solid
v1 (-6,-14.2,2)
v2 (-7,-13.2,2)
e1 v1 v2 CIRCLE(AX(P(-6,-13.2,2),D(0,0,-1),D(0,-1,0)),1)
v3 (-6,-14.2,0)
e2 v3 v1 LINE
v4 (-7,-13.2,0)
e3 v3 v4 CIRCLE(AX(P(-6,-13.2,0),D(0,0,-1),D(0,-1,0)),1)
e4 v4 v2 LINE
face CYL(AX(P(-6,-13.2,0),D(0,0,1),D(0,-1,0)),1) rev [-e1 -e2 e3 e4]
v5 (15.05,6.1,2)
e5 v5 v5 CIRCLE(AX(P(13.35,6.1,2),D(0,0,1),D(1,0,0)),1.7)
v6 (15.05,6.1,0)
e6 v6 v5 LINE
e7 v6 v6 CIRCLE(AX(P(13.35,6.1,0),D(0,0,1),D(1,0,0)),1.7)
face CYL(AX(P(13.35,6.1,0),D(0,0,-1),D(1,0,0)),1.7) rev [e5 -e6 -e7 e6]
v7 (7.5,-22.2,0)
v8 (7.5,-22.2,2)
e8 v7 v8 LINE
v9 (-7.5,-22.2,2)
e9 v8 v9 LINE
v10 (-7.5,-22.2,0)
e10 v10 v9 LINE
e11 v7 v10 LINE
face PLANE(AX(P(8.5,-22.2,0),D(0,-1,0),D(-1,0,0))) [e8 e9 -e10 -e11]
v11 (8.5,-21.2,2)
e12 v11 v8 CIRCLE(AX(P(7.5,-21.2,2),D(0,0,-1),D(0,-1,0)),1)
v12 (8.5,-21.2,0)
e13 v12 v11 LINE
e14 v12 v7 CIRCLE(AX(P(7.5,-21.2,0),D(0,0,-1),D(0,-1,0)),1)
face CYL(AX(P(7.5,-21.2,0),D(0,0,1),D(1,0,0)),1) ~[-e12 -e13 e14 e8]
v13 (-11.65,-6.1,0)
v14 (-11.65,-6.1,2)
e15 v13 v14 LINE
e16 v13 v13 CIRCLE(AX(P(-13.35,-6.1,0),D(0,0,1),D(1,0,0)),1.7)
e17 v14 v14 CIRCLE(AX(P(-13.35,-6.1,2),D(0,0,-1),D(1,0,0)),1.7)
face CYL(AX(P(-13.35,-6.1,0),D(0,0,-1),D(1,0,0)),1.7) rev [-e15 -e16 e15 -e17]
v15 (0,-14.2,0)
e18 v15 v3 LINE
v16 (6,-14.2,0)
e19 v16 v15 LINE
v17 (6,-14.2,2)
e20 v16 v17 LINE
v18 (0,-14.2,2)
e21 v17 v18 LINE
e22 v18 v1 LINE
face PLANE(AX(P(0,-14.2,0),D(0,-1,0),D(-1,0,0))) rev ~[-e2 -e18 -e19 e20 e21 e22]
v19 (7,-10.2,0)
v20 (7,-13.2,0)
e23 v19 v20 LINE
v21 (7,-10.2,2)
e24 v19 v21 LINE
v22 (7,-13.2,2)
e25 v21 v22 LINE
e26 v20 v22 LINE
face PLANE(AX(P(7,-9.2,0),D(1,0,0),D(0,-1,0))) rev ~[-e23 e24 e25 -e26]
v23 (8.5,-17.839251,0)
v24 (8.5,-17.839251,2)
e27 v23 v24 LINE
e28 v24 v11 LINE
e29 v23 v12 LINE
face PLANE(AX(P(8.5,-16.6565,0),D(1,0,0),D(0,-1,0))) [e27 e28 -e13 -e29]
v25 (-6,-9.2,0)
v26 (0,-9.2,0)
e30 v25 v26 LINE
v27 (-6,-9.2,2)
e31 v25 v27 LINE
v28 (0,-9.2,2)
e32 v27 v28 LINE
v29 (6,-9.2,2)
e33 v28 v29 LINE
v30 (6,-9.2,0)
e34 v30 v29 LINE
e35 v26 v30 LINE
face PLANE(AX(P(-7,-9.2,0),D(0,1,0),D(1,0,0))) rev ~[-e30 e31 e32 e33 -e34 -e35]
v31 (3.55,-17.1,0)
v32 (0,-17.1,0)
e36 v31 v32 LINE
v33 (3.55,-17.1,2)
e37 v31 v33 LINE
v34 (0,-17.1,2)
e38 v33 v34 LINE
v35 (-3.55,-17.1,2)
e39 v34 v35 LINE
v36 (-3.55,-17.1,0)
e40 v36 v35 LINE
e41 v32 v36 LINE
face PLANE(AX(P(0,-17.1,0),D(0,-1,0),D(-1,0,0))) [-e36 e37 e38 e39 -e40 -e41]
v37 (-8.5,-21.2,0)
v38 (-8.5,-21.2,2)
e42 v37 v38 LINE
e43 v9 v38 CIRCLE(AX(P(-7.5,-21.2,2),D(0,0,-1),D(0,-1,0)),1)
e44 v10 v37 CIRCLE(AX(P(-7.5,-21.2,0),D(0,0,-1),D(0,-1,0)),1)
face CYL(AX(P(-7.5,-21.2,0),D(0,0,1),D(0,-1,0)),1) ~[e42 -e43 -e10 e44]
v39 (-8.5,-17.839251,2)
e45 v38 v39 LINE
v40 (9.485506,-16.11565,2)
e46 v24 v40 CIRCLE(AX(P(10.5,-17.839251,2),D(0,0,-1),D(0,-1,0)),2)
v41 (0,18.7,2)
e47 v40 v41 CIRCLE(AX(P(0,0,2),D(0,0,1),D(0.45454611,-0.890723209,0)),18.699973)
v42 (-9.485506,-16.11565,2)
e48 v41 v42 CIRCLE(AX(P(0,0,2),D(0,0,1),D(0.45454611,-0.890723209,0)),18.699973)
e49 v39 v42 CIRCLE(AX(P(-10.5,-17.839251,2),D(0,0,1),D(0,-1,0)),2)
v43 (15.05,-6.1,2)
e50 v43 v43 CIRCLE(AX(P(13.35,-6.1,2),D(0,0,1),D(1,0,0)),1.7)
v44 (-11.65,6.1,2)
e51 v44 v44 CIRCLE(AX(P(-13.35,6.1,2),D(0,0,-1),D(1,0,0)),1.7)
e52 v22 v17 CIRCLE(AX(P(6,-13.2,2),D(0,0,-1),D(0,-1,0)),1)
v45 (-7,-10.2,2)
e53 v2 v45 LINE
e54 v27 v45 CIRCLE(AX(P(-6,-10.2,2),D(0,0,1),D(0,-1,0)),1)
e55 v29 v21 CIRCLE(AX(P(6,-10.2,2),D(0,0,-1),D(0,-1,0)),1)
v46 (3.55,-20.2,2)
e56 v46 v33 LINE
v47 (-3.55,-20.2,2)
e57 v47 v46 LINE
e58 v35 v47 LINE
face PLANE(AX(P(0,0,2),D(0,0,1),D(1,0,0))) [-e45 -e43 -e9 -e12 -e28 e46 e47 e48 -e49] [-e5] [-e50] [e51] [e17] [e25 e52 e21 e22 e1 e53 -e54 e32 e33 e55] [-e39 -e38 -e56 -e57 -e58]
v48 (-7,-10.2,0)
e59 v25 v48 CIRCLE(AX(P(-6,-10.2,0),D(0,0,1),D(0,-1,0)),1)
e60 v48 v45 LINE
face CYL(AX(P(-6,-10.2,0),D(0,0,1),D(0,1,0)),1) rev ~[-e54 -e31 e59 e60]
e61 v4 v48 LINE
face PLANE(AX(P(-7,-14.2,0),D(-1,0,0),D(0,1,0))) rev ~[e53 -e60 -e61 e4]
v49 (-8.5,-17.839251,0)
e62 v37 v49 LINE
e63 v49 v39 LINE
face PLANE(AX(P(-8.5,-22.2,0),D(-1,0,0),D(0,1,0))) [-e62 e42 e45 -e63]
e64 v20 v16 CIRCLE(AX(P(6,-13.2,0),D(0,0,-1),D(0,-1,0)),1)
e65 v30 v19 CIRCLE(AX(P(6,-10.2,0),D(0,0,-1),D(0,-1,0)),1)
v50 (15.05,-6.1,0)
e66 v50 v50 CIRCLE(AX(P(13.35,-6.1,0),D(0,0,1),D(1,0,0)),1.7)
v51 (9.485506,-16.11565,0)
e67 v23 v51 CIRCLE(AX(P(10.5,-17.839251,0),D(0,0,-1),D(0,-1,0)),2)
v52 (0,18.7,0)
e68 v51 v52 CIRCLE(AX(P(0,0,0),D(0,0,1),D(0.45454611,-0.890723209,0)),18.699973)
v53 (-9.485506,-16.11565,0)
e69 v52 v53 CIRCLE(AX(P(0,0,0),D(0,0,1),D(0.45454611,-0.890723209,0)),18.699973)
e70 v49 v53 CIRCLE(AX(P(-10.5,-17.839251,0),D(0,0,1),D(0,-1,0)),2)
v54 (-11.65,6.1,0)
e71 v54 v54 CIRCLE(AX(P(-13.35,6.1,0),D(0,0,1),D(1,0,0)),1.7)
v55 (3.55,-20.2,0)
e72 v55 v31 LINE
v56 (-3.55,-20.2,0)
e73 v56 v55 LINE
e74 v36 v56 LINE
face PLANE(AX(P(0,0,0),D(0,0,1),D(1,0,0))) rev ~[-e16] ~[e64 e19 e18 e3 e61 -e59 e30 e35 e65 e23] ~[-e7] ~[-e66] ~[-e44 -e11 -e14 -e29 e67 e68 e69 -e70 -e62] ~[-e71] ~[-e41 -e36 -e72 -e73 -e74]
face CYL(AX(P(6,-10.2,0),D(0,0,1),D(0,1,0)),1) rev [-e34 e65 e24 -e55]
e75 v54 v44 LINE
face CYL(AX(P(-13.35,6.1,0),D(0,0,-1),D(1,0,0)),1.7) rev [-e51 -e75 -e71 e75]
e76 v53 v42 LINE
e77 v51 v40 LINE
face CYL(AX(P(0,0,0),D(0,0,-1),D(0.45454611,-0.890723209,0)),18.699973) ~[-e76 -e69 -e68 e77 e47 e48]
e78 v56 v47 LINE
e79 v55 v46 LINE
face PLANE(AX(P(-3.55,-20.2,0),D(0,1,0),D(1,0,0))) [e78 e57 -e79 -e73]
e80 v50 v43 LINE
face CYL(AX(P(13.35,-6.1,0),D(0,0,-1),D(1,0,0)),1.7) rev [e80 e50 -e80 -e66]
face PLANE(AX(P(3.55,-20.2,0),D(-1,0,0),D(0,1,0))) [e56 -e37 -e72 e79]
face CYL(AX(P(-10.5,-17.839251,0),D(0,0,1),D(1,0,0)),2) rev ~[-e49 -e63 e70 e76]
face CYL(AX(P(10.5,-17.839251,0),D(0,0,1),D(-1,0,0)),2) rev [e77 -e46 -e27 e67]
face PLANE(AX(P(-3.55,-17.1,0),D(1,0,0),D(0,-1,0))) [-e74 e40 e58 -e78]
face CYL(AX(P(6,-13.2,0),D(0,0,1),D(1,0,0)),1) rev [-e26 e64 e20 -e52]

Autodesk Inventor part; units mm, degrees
ref_plane "YZ Plane" through (0, 0, 0) normal (1, 0, 0) x (0, 1, 0)
ref_plane "XZ Plane" through (0, 0, 0) normal (0, 1, 0) x (-1, 0, 0)
ref_plane "XY Plane" through (0, 0, 0) normal (0, 0, 1) x (1, 0, 0)
sketch "Náčrt1" plane through (0, 0, 0) normal (0, 0, 1) x (1, 0, 0)
  arc A0 (8.5, -16.6565) -> (-8.5, -16.6565) centre (0, 0) ccw
  line L0 (8.5, -16.6565) -> (8.5, -22.2)
  line L1 (8.5, -22.2) -> (-8.5, -22.2)
  line L2 (-8.5, -22.2) -> (-8.5, -16.6565)
  line L3 (0, -18.7455) -> (8.5, -22.2) construction
  line L4 (0, -18.7455) -> (-8.5, -22.2) construction
  line L5 (0, 18.7) -> (0, -18.7455)
  line L6 (-13.35, 6.1) -> (13.35, 6.1)
  line L7 (13.35, 6.1) -> (13.35, -6.1)
  line L8 (13.35, -6.1) -> (-13.35, -6.1)
  line L9 (-13.35, -6.1) -> (-13.35, 6.1)
  line L10 (-13.35, 6.1) -> (13.35, -6.1) construction
  line L11 (13.35, 6.1) -> (-13.35, -6.1) construction
  circle A1 centre (-13.35, 6.1) radius 2.75
  circle A2 centre (-13.35, 6.1) radius 1.7
  circle A3 centre (-13.35, -6.1) radius 2.75
  circle A4 centre (-13.35, -6.1) radius 1.7
  circle A5 centre (13.35, -6.1) radius 2.75
  circle A6 centre (13.35, -6.1) radius 1.7
  circle A7 centre (13.35, 6.1) radius 2.75
  circle A8 centre (13.35, 6.1) radius 1.7
  line L12 (-7, -9.2) -> (7, -9.2)
  line L13 (7, -9.2) -> (7, -14.2)
  line L14 (7, -14.2) -> (-7, -14.2)
  line L15 (-7, -14.2) -> (-7, -9.2)
  line L16 (-7, -9.2) -> (7, -14.2) construction
  line L17 (7, -9.2) -> (-7, -14.2) construction
  line L18 (-3.55, -20.2) -> (3.55, -20.2)
  line L19 (3.55, -20.2) -> (3.55, -17.1)
  line L20 (3.55, -17.1) -> (-3.55, -17.1)
  line L21 (-3.55, -17.1) -> (-3.55, -20.2)
  line L22 (-3.55, -20.2) -> (3.55, -17.1) construction
  line L23 (3.55, -20.2) -> (-3.55, -17.1) construction
  point P0 (0, -11.7)
  point P1 (0, -18.65)
  point P2 (7, -6.1)
  point P3 (-7, -6.1)
  dimension "d0" = 37.4
  dimension "d1" = 17
  dimension "d2" = 22.2
  dimension "d3" = 26.7
  dimension "d4" = 12.2
  dimension "d5" = 5.5
  dimension "d6" = 3.4
  dimension "d7" = 5.5
  dimension "d8" = 3.4
  dimension "d9" = 5.5
  dimension "d10" = 3.4
  dimension "d11" = 5.5
  dimension "d12" = 3.4
  dimension "d15" = 14
  dimension "d16" = 5
  dimension "d21" = 7.1
  dimension "d22" = 3.1
  dimension "d23" = 2
  dimension "d24" = 8
extrude "Vysunutí1" add sketch "Náčrt1" along normal blind 2 contours L6 A7 L7 A5 L8 L5 | L5 L8 A3 L9 A1 L6 | L0 L1 L2 A0 | A1 L9 A2 L6 | L6 A2 L9 A1 | A7 L7 A8 L6 | L6 A8 L7 A7 | A5 L7 A6 L8 | L8 A6 L7 A5 | A3 L9 A4 L8 | L8 A4 L9 A3
fillet "Zaoblení1" radius 2 2 edges at (-8.5, -16.6565, 1) (8.5, -16.6565, 1)
fillet "Zaoblení2" radius 1 2 edges at (8.5, -22.2, 1) (-8.5, -22.2, 1)
fillet "Zaoblení3" radius 1 4 edges at (-7, -9.2, 1) (7, -9.2, 1) (-7, -14.2, 1) (7, -14.2, 1)
properties part number "Držák-Disp"
